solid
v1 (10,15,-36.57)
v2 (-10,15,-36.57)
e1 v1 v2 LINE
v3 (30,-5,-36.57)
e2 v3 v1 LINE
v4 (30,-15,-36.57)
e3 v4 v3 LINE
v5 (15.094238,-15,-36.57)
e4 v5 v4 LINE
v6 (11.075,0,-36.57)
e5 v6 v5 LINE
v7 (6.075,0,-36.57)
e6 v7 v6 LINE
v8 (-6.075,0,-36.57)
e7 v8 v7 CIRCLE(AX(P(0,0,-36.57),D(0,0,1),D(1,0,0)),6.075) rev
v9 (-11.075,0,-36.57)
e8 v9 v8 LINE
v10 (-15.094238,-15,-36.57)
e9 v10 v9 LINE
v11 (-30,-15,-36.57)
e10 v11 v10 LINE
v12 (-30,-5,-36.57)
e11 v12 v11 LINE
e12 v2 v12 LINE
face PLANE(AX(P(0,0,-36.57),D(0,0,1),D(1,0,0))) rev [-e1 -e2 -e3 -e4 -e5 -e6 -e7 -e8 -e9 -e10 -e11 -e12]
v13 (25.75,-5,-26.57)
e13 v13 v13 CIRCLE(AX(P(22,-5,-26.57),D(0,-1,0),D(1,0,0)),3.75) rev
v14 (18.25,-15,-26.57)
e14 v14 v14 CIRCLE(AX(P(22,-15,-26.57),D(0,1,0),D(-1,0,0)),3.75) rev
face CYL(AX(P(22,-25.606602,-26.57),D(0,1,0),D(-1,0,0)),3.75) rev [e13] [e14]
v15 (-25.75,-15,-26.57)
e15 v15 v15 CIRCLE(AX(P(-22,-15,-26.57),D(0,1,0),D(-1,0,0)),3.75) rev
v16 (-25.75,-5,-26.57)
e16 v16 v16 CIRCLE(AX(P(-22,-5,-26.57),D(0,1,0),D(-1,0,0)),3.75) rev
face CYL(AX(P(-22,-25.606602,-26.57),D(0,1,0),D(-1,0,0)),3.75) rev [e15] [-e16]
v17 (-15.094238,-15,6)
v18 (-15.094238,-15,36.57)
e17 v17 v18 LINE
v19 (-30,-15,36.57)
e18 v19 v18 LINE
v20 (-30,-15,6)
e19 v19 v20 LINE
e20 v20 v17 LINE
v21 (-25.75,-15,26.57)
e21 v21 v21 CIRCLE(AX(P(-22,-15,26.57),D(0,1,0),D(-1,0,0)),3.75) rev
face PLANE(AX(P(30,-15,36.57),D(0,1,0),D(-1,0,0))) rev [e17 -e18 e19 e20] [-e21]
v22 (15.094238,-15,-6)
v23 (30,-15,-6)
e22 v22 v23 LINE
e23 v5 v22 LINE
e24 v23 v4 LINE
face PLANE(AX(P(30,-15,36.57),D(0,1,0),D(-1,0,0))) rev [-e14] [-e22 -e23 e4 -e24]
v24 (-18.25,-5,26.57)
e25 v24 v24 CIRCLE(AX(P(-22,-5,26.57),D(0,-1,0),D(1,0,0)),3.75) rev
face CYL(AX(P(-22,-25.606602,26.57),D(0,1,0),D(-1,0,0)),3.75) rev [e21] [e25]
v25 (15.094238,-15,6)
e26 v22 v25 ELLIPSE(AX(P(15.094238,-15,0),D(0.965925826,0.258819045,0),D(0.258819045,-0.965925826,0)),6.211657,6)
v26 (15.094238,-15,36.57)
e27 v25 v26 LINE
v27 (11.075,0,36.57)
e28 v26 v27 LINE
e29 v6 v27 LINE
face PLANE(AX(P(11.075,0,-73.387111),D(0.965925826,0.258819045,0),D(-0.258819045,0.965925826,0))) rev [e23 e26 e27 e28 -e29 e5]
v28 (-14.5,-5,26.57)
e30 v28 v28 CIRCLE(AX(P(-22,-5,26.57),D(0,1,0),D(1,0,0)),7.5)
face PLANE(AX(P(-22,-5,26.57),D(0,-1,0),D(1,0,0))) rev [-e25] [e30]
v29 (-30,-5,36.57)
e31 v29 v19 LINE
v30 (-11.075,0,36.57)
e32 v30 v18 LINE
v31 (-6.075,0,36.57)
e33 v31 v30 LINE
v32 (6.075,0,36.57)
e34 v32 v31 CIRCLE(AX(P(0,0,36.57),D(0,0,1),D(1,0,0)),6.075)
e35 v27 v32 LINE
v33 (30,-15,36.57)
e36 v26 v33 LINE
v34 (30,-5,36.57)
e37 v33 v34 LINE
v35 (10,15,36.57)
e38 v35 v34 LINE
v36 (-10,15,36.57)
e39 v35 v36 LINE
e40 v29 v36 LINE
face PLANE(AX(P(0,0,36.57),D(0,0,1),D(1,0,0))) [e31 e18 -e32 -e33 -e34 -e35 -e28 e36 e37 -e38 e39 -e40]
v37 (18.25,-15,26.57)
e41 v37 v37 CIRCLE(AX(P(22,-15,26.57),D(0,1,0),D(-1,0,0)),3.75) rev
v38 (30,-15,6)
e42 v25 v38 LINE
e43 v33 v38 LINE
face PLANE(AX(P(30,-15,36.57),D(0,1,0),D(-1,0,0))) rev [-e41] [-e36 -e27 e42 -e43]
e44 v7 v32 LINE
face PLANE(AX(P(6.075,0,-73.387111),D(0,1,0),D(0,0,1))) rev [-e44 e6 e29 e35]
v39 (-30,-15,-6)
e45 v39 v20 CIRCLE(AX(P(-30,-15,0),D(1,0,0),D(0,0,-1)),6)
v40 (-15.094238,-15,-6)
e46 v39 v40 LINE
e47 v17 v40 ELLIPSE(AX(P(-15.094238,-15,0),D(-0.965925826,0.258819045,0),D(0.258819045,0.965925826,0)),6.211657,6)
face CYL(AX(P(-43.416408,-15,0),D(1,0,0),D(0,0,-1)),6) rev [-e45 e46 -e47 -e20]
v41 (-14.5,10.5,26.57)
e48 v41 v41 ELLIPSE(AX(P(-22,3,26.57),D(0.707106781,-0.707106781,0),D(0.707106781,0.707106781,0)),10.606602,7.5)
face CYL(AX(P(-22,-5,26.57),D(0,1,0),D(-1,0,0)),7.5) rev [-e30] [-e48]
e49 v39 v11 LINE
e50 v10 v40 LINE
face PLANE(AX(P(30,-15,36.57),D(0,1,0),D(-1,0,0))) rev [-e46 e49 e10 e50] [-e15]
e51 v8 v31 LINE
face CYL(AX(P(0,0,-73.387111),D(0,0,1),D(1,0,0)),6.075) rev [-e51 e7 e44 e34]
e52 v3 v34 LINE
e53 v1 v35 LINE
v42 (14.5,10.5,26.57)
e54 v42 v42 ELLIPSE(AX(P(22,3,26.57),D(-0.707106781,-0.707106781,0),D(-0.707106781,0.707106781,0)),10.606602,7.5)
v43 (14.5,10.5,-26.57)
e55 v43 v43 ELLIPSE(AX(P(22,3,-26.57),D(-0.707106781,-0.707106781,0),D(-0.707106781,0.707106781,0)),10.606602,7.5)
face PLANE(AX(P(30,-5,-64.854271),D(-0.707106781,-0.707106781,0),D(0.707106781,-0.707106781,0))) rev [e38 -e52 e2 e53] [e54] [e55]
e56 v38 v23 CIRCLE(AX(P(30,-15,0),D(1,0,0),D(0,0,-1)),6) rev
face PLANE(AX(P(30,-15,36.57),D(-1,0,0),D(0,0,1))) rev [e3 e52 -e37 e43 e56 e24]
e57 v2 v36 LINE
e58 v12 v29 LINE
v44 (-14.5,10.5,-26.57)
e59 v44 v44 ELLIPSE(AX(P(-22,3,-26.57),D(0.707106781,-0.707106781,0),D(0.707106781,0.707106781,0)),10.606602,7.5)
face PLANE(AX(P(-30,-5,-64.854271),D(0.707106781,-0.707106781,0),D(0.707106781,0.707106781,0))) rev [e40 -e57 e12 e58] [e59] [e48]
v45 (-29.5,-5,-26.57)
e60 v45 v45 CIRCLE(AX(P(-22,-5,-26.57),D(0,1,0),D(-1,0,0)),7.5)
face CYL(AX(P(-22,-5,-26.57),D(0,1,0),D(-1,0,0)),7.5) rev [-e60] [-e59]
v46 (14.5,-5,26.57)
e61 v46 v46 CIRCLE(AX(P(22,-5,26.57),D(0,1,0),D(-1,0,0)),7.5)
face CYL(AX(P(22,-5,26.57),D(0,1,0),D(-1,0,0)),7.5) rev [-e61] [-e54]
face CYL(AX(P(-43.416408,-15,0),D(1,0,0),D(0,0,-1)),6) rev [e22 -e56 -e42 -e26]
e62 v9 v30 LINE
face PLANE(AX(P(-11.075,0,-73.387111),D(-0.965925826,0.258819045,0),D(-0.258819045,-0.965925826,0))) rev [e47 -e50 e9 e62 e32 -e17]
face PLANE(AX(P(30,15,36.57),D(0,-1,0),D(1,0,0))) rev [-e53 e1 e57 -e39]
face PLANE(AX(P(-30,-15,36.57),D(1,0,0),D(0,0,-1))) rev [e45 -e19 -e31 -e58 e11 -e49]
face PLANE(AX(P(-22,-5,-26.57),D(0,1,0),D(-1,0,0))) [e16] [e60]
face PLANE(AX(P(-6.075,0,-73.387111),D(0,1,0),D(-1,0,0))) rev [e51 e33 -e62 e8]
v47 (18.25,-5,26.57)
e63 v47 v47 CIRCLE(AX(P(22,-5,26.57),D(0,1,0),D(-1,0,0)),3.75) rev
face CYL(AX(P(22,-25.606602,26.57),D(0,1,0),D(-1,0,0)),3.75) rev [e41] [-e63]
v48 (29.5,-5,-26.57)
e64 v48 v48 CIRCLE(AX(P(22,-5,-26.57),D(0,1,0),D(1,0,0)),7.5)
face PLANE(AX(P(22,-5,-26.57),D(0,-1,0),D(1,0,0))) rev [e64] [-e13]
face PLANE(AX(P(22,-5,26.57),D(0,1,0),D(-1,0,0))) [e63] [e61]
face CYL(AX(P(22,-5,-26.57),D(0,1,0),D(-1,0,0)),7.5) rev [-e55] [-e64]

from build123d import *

# Parameters (mm, degrees)
SKETCH1_W           = 60
SKETCH1_H           = 30
BOSS_EXTRUDE1_DEPTH = 36.57
CUT_EXTRUDE1_DEPTH  = 60
CUT_EXTRUDE2_REACH  = 82.464
CUT_EXTRUDE3_DEPTH  = 73.14
SKETCH5_R           = 3.75
CUT_EXTRUDE4_DEPTH  = 30
SKETCH6_R           = 7.5
CUT_EXTRUDE5_DEPTH  = 20


with BuildPart() as part:
    # Sketch1 → Boss-Extrude1 (new, symmetric)
    with BuildSketch(Plane.XY):
        Rectangle(SKETCH1_W, SKETCH1_H)
    extrude(amount=BOSS_EXTRUDE1_DEPTH, both=True)

    # Sketch2 → Cut-Extrude1 (cut)
    with BuildSketch(Plane(origin=(30, 0, 0), x_dir=(0, 0, -1), z_dir=(1, 0, 0))):
        with BuildLine():
            ThreePointArc((6, -15), (0, -9), (-6, -15))
            Line((-6, -15), (6, -15))
        make_face()
    extrude(amount=-CUT_EXTRUDE1_DEPTH, mode=Mode.SUBTRACT)

    # Cut-Extrude2: up to this face of the body (flat: up to its plane)
    cut_extrude2_end = Plane(part.part.faces().sort_by_distance((0, 0, -36.57))[0])
    # Sketch3 → Cut-Extrude2 (cut, up to the picked face)
    with BuildSketch(Plane.XY.offset(36.57), mode=Mode.PRIVATE) as cut_extrude2_sk1:
        with BuildLine():
            Line((6.075, 0), (11.075, 0))
            Line((11.075, 0), (15.094237886, -15))
            Line((15.094237886, -15), (-15.094237886, -15))
            Line((-15.094237886, -15), (-11.075, 0))
            Line((-11.075, 0), (-6.075, 0))
            ThreePointArc((-6.075, 0), (0, 6.075), (6.075, 0))
        make_face()
    cut_extrude2_tool1 = split(extrude(cut_extrude2_sk1.sketch, amount=-CUT_EXTRUDE2_REACH, mode=Mode.PRIVATE), bisect_by=cut_extrude2_end, keep=Keep.BOTH, mode=Mode.PRIVATE)
    add(cut_extrude2_tool1.solids().sort_by(Axis((0, -6.537689, 36.57), (0, 0, -1)))[0], mode=Mode.SUBTRACT)

    # Sketch4 → Cut-Extrude3 (cut)
    with BuildSketch(Plane.XY.offset(36.57)):
        Polygon((30, 15), (30, -5), (10, 15), align=None)
        Polygon((-30, 15), (-30, -5), (-10, 15), align=None)
    extrude(amount=-CUT_EXTRUDE3_DEPTH, mode=Mode.SUBTRACT)

    # Sketch5 → Cut-Extrude4 (cut)
    with BuildSketch(Plane(origin=(0, 15, 0), x_dir=(1, 0, 0), z_dir=(0, 1, 0))):
        with Locations(Location((22, -26.57, 0), (0, 0, 180))):
            Circle(SKETCH5_R)
        with Locations(Location((-22, -26.57, 0), (0, 0, 180))):
            Circle(SKETCH5_R)
        with Locations(Location((22, 26.57, 0), (0, 0, 180))):
            Circle(SKETCH5_R)
        with Locations(Location((-22, 26.57, 0), (0, 0, 180))):
            Circle(SKETCH5_R)
    extrude(amount=-CUT_EXTRUDE4_DEPTH, mode=Mode.SUBTRACT)

    # Sketch6 → Cut-Extrude5 (cut)
    with BuildSketch(Plane(origin=(0, 15, 0), x_dir=(1, 0, 0), z_dir=(0, 1, 0))):
        with Locations(Location((22, -26.57, 0), (0, 0, 180))):
            Circle(SKETCH6_R)
        with Locations((-22, -26.57)):
            Circle(SKETCH6_R)
        with Locations(Location((22, 26.57, 0), (0, 0, 180))):
            Circle(SKETCH6_R)
        with Locations(Location((-22, 26.57, 0), (0, 0, 180))):
            Circle(SKETCH6_R)
    extrude(amount=-CUT_EXTRUDE5_DEPTH, mode=Mode.SUBTRACT)


solid = part.part
